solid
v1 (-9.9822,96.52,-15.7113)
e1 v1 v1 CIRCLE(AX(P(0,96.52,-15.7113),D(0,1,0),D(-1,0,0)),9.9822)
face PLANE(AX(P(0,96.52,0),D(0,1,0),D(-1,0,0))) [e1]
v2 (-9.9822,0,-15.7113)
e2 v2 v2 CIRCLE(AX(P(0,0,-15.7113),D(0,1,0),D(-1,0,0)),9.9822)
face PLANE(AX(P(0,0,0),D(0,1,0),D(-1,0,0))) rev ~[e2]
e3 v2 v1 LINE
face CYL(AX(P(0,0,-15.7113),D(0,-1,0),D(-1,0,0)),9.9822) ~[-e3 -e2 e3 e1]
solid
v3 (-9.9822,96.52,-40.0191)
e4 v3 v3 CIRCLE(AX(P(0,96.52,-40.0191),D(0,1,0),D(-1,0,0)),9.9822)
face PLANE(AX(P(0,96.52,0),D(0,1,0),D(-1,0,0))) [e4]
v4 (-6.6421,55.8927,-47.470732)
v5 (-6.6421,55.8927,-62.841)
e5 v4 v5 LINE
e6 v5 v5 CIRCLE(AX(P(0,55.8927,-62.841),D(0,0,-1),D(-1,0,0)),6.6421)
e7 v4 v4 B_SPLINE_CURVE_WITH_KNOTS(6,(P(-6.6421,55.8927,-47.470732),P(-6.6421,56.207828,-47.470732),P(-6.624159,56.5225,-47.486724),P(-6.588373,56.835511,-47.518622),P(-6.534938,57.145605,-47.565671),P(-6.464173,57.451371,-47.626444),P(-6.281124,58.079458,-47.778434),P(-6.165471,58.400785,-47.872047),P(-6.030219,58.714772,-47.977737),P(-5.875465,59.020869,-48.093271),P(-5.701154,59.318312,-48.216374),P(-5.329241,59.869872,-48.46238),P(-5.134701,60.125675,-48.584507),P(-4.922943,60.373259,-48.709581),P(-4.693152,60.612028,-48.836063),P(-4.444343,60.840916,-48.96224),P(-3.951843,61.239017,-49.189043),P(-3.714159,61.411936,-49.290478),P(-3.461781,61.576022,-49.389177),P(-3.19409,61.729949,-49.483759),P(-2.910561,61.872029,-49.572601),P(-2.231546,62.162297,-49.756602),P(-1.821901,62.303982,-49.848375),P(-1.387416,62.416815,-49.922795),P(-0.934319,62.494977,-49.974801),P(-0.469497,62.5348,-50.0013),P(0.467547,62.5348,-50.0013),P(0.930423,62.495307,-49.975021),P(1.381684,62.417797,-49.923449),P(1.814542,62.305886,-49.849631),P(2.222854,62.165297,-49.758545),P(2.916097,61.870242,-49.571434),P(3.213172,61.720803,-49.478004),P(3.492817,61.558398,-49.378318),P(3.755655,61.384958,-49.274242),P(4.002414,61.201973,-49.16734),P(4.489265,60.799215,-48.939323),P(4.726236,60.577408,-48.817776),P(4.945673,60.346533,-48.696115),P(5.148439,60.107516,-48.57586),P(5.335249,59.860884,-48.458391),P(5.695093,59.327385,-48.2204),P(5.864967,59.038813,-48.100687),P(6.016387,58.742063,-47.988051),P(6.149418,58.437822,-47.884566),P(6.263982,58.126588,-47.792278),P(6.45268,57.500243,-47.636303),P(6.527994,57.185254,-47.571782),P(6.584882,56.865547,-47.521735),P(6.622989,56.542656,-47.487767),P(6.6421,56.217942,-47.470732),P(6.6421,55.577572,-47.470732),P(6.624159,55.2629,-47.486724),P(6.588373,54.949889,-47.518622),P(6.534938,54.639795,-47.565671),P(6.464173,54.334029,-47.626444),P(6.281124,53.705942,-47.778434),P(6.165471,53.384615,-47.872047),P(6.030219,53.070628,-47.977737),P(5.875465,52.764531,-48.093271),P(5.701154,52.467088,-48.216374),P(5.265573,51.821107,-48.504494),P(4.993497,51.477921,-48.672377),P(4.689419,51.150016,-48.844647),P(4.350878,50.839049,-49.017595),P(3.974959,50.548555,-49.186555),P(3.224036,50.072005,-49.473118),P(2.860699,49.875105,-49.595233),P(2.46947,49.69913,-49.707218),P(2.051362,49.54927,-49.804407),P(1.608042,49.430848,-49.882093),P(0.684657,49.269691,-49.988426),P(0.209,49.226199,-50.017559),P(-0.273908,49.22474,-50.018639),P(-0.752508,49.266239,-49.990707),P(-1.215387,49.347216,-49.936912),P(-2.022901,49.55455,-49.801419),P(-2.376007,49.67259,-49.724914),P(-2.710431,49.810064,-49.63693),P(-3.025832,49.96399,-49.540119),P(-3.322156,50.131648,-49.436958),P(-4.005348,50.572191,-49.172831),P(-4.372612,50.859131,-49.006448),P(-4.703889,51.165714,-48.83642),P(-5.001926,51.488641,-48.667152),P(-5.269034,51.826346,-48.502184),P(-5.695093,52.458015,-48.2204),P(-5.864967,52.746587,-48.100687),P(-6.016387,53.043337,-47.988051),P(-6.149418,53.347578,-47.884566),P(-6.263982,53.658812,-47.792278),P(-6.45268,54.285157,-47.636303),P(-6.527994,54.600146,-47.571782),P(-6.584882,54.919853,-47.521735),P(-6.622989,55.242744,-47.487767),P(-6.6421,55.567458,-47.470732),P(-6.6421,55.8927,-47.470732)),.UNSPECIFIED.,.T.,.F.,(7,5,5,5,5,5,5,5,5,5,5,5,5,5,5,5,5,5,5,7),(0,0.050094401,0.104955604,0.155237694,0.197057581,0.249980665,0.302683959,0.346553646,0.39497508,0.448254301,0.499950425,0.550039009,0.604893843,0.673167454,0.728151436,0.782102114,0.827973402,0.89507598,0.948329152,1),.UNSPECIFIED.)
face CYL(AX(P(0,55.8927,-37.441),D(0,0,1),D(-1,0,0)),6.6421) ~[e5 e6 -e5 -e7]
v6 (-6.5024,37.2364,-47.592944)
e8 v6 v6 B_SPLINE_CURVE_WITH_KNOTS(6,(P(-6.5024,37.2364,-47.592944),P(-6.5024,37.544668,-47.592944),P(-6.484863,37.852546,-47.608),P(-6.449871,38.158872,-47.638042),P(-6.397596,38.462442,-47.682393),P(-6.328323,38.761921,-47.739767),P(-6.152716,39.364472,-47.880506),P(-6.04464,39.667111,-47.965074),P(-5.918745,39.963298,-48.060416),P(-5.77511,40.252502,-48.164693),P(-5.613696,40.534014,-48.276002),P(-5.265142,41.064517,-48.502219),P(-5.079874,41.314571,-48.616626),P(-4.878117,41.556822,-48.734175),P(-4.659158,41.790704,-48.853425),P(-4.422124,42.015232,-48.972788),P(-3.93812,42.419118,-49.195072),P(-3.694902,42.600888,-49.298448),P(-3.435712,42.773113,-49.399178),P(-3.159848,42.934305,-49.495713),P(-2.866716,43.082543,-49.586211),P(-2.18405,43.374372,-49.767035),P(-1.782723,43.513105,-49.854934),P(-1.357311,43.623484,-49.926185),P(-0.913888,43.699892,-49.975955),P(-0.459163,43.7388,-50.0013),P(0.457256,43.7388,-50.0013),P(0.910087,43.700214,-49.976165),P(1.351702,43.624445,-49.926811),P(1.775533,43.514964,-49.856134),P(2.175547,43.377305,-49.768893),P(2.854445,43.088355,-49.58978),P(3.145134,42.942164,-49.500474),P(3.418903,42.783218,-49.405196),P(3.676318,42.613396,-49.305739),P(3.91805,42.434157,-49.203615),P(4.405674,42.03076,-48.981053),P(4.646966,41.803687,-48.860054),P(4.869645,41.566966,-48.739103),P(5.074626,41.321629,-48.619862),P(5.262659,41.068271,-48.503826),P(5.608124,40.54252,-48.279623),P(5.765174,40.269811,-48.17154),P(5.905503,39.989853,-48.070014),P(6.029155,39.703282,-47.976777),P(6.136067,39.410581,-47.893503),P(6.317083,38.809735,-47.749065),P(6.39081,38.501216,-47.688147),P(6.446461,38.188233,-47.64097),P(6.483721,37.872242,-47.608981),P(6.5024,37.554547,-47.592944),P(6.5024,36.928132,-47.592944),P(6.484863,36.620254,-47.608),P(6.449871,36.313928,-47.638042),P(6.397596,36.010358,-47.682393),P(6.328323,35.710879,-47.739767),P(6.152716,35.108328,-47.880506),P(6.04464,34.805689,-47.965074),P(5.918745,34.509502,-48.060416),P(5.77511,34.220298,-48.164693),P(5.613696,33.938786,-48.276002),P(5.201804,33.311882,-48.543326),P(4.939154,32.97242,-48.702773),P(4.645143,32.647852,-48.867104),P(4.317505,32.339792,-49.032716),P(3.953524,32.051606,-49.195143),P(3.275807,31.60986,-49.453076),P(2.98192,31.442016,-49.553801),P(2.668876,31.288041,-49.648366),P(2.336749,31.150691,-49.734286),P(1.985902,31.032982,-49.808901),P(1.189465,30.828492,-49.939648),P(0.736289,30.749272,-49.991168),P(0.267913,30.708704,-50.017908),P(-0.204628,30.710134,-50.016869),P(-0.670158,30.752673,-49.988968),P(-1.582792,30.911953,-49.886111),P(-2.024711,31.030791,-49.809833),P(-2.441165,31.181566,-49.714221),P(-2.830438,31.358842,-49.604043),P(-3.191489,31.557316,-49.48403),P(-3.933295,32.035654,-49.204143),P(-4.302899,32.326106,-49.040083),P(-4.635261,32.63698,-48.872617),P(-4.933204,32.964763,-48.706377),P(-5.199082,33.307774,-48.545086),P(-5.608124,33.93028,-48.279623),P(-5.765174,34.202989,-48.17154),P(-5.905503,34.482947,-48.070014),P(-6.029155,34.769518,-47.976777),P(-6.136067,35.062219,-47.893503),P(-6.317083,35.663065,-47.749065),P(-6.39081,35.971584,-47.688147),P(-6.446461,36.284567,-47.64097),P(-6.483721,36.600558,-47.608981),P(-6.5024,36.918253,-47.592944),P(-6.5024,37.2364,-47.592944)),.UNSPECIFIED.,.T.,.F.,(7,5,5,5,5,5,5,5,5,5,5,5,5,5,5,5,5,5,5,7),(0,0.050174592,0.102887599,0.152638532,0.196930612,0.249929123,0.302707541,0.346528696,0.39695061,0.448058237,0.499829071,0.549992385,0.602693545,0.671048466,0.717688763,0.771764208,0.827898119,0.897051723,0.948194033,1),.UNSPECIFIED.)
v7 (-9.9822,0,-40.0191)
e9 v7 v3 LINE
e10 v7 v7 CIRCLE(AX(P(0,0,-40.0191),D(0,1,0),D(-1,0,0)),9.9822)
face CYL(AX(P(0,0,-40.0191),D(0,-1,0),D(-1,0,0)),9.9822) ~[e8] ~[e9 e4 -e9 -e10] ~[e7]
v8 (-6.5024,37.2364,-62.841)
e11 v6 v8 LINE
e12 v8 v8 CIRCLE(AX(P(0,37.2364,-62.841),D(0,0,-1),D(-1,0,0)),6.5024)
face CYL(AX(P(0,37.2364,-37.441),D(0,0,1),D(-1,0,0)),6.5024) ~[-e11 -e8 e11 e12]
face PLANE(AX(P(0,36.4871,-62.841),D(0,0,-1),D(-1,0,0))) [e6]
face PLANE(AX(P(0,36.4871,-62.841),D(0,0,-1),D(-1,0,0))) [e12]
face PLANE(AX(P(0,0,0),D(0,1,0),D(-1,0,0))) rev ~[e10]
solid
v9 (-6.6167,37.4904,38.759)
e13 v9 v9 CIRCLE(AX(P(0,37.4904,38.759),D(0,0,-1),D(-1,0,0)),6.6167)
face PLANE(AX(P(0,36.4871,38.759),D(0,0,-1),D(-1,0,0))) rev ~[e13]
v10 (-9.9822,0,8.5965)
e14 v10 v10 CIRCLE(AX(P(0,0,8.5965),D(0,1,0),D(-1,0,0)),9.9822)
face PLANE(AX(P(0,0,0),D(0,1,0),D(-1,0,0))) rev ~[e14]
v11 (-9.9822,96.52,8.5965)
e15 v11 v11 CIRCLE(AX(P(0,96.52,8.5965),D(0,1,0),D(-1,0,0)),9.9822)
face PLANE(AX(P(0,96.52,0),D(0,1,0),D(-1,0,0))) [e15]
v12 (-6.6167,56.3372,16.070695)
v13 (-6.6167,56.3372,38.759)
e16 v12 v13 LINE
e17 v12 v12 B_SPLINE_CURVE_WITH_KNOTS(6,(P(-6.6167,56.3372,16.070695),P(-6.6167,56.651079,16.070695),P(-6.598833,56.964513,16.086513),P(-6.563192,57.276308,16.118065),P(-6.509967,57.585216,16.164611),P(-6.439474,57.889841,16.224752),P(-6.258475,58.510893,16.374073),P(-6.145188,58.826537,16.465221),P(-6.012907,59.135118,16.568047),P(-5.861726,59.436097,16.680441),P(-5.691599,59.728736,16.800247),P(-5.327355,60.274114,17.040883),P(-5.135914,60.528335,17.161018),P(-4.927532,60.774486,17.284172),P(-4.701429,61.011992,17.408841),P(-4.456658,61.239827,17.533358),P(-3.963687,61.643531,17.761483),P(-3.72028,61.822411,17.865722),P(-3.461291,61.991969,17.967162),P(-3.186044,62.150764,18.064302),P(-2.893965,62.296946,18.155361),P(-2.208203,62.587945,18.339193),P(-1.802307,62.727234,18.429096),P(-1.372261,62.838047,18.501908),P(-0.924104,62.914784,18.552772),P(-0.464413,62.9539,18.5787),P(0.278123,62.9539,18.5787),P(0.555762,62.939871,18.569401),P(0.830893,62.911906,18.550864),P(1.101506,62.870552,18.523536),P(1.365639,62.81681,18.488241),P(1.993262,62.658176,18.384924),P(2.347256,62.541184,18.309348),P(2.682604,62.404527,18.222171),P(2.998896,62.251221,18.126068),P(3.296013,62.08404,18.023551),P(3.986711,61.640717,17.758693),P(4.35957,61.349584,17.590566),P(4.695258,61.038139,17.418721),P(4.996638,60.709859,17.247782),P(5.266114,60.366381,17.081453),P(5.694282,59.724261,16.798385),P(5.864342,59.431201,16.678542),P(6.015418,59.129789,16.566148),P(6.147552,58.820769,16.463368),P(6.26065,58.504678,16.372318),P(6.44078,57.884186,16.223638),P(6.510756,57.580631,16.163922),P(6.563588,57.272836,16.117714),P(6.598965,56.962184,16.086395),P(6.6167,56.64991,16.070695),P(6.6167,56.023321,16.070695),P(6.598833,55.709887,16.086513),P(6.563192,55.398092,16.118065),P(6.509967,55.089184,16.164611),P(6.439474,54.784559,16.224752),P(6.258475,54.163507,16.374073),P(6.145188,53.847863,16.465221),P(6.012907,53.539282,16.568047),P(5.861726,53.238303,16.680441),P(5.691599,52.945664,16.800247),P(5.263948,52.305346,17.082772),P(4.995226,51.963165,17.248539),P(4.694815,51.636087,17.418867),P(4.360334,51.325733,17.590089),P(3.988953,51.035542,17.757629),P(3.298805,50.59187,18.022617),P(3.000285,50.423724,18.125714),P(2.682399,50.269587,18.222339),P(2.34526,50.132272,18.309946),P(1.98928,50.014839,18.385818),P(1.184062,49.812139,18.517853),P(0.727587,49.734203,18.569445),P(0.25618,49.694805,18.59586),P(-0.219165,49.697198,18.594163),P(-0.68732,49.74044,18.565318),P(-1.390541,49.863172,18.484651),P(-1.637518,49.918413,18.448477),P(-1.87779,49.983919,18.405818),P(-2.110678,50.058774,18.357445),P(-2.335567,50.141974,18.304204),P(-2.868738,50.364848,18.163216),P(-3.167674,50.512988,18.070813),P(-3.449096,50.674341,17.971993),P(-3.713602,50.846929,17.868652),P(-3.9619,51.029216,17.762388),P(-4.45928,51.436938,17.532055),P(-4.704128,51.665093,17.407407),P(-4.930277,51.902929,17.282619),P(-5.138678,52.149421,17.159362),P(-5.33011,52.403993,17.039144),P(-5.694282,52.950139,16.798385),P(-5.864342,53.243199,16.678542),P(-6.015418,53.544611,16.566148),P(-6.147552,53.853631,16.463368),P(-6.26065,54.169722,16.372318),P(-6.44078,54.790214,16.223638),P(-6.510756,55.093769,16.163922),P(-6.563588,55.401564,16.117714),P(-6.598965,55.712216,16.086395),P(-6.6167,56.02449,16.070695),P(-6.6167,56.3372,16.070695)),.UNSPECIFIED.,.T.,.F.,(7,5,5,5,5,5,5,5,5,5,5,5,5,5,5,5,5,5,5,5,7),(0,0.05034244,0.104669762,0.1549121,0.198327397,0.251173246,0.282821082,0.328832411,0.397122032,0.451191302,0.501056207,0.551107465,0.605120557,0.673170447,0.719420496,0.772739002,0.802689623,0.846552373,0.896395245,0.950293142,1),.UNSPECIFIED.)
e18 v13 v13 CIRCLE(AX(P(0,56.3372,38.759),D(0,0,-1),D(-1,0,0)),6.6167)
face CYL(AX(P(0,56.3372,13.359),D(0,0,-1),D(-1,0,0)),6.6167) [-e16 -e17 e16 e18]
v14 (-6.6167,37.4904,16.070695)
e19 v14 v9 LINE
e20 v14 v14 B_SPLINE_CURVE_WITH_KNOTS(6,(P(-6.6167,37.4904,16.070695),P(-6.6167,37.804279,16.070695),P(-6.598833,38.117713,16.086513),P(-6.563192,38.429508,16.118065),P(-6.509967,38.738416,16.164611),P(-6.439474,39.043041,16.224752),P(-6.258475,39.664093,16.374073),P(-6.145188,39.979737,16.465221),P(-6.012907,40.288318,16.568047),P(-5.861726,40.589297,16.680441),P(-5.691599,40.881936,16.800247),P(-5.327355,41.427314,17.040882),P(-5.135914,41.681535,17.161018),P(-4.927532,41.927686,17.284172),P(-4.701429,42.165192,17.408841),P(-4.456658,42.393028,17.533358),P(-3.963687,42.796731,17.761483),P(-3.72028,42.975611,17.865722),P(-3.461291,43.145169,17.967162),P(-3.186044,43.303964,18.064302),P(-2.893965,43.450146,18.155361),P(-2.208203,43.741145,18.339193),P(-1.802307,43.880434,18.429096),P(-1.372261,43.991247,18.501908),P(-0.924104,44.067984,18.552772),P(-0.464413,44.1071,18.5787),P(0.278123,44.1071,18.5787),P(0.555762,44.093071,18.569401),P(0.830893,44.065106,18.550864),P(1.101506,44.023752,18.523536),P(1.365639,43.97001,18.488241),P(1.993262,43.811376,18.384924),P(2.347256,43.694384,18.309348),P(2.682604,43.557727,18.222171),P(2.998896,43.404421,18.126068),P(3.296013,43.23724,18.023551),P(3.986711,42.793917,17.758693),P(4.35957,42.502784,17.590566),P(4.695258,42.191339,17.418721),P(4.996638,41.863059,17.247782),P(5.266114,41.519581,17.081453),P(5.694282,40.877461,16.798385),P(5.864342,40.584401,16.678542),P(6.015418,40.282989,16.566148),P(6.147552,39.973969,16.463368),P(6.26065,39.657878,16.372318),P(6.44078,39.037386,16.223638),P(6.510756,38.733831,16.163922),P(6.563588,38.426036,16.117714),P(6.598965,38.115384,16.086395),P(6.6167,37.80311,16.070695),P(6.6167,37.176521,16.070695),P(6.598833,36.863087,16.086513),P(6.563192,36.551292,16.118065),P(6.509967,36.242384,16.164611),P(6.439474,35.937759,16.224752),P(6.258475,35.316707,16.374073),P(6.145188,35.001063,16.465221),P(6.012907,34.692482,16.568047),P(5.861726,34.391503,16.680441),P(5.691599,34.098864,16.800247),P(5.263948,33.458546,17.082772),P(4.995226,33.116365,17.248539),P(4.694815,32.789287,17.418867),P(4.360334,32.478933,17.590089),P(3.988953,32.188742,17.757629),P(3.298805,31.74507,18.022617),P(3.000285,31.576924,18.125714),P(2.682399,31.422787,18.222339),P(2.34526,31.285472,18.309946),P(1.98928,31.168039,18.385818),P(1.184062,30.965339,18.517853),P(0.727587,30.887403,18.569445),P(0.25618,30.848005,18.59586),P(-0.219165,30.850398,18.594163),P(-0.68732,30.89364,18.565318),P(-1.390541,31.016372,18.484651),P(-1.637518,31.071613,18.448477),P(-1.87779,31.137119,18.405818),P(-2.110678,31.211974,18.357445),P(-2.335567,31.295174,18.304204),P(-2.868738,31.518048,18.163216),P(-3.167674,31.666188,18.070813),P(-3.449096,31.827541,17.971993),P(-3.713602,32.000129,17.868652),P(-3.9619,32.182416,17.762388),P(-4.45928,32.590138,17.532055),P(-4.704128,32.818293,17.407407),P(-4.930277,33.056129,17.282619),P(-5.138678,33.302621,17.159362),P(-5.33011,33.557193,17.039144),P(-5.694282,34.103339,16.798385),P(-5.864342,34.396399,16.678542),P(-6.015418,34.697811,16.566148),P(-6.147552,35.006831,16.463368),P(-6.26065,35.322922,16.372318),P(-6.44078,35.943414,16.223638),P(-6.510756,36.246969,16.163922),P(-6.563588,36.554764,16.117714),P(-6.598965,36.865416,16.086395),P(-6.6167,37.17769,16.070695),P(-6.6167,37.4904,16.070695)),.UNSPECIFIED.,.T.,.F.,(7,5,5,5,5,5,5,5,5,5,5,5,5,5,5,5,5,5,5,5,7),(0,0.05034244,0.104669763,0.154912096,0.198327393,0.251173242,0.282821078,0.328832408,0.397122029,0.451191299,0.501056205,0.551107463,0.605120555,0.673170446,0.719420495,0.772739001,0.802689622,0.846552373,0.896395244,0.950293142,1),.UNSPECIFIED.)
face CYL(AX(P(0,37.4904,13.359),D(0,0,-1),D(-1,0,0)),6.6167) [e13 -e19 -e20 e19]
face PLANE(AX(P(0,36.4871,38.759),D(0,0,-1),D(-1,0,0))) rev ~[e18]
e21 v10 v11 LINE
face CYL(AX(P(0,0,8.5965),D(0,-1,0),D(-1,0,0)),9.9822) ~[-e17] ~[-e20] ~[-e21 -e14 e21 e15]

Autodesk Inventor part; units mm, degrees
ref_plane "YZ Plane" through (0, 0, 0) normal (1, 0, 0) x (0, 1, 0)
ref_plane "XZ Plane" through (0, 0, 0) normal (0, 1, 0) x (-1, 0, 0)
ref_plane "XY Plane" through (0, 0, 0) normal (0, 0, 1) x (1, 0, 0)
sketch "Sketch1" plane through (0, 0, 0) normal (0, 1, 0) x (-1, 0, 0)
  circle A0 centre (0, 8.5965) radius 9.9822
  circle A1 centre (0, -40.0191) radius 9.9822
  circle A2 centre (0, -15.7113) radius 9.9822
  point P0 (0, 0)
  dimension "d0" = 19.9644
  dimension "d2" = 19.9644
  dimension "d4" = 19.9644
extrude "Extrusion1" add sketch "Sketch1" along normal blind 96.52
ref_plane "Work Plane1" through (0, 48.26, -15.7113) normal (0, 1, 0) x (1, 0, 0)
ref_plane "Work Plane2" through (0, 96.52, 8.5965) normal (-1, 0, 0) x (0, 1, 0)
sketch "Sketch2" plane through (0, 96.52, 8.5965) normal (-1, 0, 0) x (0, 1, 0)
  line L0 (-66.6496, -34.925) -> (-66.6496, 3.175)
  line L1 (-66.6496, 3.175) -> (-34.5694, 3.175)
  line L2 (-34.5694, 3.175) -> (-34.5694, -34.925)
  line L3 (-96.52, -9.9822) -> (-96.52, 9.9822) projected
  line L4 (-34.5694, -34.925) -> (-47.8028, -34.925)
  line L5 (-47.8028, -34.925) -> (-47.8028, -1.5875)
  line L6 (-47.8028, -1.5875) -> (-34.5694, -1.5875)
  line L7 (-34.5694, -1.5875) -> (-34.5694, -34.925)
  line L8 (-66.6496, -34.925) -> (-53.4162, -34.925)
  line L9 (-53.4162, -34.925) -> (-53.4162, 4.7625)
  line L10 (-53.4162, 4.7625) -> (-66.6496, 4.7625)
  line L11 (-66.6496, 4.7625) -> (-66.6496, -34.925)
  line L12 (-34.5694, -34.925) -> (-47.8028, -34.925)
  line L13 (-53.4162, -34.925) -> (-66.6496, -34.925)
  line L14 (-60.0329, -34.925) -> (-60.0329, -4.7625)
  line L15 (-60.0329, -34.925) -> (-29.8704, -34.925) construction
  line L16 (-41.1861, -34.925) -> (-41.1861, -1.5875)
  point P0 (-96.52, 8.5965)
  dimension "d7" = 32.0802
  dimension "d8" = 29.8704
  dimension "d9" = 13.2334
  dimension "d10" = 13.2334
  dimension "d11" = 90
ref_plane "Work Plane3" through (0, 36.4871, 13.359) normal (0, 1, 0) x (-1, 0, 0)
ref_plane "Work Plane4" through (0, 36.4871, 13.359) normal (0, 0, -1) x (-1, 0, 0)
sketch "Sketch3" plane through (0, 36.4871, 13.359) normal (0, 0, -1) x (-1, 0, 0)
  circle A0 centre (0, 19.8501) radius 6.6167
  circle A1 centre (0, 1.0033) radius 6.6167
  line L0 (9.9822, -36.4871) -> (-9.9822, -36.4871) projected
  point P0 (0, -36.4871)
  dimension "d12" = 13.2334
  dimension "d13" = 13.2334
  dimension "d14" = 18.8468
  dimension "d15" = 37.4904
extrude "Extrusion2" add sketch "Sketch3" against normal blind 25.4
ref_plane "Work Plane5" through (0, 36.4871, -37.441) normal (0, 0, -1) x (-1, 0, 0)
sketch "Sketch4" plane through (0, 36.4871, -37.441) normal (0, 0, -1) x (-1, 0, 0)
  circle A0 centre (0, 0.7493) radius 6.5024
  line L0 (9.9822, -36.4871) -> (-9.9822, -36.4871) projected
  circle A1 centre (0, 19.4056) radius 6.6421
  point P0 (0, -36.4871)
  dimension "d19" = 13.0048
  dimension "d20" = 37.2364
  dimension "d21" = 13.2842
  dimension "d22" = 18.6563
extrude "Extrusion3" add sketch "Sketch4" along normal blind 25.4
sketch "Sketch5" plane through (0, 36.4871, 13.359) normal (0, 1, 0) x (-1, 0, 0)
  line L0 (-24.3242, 48.3513) -> (-17.297, 48.3513) construction
  line L1 (-17.297, 48.3513) -> (-17.297, 45.0959) construction
  line L2 (-17.297, 45.0959) -> (-24.3242, 45.0959) construction
  line L3 (-24.3242, 45.0959) -> (-24.3242, 48.3513) construction
  point P0 (0, -13.359)
properties part number "Valves"
